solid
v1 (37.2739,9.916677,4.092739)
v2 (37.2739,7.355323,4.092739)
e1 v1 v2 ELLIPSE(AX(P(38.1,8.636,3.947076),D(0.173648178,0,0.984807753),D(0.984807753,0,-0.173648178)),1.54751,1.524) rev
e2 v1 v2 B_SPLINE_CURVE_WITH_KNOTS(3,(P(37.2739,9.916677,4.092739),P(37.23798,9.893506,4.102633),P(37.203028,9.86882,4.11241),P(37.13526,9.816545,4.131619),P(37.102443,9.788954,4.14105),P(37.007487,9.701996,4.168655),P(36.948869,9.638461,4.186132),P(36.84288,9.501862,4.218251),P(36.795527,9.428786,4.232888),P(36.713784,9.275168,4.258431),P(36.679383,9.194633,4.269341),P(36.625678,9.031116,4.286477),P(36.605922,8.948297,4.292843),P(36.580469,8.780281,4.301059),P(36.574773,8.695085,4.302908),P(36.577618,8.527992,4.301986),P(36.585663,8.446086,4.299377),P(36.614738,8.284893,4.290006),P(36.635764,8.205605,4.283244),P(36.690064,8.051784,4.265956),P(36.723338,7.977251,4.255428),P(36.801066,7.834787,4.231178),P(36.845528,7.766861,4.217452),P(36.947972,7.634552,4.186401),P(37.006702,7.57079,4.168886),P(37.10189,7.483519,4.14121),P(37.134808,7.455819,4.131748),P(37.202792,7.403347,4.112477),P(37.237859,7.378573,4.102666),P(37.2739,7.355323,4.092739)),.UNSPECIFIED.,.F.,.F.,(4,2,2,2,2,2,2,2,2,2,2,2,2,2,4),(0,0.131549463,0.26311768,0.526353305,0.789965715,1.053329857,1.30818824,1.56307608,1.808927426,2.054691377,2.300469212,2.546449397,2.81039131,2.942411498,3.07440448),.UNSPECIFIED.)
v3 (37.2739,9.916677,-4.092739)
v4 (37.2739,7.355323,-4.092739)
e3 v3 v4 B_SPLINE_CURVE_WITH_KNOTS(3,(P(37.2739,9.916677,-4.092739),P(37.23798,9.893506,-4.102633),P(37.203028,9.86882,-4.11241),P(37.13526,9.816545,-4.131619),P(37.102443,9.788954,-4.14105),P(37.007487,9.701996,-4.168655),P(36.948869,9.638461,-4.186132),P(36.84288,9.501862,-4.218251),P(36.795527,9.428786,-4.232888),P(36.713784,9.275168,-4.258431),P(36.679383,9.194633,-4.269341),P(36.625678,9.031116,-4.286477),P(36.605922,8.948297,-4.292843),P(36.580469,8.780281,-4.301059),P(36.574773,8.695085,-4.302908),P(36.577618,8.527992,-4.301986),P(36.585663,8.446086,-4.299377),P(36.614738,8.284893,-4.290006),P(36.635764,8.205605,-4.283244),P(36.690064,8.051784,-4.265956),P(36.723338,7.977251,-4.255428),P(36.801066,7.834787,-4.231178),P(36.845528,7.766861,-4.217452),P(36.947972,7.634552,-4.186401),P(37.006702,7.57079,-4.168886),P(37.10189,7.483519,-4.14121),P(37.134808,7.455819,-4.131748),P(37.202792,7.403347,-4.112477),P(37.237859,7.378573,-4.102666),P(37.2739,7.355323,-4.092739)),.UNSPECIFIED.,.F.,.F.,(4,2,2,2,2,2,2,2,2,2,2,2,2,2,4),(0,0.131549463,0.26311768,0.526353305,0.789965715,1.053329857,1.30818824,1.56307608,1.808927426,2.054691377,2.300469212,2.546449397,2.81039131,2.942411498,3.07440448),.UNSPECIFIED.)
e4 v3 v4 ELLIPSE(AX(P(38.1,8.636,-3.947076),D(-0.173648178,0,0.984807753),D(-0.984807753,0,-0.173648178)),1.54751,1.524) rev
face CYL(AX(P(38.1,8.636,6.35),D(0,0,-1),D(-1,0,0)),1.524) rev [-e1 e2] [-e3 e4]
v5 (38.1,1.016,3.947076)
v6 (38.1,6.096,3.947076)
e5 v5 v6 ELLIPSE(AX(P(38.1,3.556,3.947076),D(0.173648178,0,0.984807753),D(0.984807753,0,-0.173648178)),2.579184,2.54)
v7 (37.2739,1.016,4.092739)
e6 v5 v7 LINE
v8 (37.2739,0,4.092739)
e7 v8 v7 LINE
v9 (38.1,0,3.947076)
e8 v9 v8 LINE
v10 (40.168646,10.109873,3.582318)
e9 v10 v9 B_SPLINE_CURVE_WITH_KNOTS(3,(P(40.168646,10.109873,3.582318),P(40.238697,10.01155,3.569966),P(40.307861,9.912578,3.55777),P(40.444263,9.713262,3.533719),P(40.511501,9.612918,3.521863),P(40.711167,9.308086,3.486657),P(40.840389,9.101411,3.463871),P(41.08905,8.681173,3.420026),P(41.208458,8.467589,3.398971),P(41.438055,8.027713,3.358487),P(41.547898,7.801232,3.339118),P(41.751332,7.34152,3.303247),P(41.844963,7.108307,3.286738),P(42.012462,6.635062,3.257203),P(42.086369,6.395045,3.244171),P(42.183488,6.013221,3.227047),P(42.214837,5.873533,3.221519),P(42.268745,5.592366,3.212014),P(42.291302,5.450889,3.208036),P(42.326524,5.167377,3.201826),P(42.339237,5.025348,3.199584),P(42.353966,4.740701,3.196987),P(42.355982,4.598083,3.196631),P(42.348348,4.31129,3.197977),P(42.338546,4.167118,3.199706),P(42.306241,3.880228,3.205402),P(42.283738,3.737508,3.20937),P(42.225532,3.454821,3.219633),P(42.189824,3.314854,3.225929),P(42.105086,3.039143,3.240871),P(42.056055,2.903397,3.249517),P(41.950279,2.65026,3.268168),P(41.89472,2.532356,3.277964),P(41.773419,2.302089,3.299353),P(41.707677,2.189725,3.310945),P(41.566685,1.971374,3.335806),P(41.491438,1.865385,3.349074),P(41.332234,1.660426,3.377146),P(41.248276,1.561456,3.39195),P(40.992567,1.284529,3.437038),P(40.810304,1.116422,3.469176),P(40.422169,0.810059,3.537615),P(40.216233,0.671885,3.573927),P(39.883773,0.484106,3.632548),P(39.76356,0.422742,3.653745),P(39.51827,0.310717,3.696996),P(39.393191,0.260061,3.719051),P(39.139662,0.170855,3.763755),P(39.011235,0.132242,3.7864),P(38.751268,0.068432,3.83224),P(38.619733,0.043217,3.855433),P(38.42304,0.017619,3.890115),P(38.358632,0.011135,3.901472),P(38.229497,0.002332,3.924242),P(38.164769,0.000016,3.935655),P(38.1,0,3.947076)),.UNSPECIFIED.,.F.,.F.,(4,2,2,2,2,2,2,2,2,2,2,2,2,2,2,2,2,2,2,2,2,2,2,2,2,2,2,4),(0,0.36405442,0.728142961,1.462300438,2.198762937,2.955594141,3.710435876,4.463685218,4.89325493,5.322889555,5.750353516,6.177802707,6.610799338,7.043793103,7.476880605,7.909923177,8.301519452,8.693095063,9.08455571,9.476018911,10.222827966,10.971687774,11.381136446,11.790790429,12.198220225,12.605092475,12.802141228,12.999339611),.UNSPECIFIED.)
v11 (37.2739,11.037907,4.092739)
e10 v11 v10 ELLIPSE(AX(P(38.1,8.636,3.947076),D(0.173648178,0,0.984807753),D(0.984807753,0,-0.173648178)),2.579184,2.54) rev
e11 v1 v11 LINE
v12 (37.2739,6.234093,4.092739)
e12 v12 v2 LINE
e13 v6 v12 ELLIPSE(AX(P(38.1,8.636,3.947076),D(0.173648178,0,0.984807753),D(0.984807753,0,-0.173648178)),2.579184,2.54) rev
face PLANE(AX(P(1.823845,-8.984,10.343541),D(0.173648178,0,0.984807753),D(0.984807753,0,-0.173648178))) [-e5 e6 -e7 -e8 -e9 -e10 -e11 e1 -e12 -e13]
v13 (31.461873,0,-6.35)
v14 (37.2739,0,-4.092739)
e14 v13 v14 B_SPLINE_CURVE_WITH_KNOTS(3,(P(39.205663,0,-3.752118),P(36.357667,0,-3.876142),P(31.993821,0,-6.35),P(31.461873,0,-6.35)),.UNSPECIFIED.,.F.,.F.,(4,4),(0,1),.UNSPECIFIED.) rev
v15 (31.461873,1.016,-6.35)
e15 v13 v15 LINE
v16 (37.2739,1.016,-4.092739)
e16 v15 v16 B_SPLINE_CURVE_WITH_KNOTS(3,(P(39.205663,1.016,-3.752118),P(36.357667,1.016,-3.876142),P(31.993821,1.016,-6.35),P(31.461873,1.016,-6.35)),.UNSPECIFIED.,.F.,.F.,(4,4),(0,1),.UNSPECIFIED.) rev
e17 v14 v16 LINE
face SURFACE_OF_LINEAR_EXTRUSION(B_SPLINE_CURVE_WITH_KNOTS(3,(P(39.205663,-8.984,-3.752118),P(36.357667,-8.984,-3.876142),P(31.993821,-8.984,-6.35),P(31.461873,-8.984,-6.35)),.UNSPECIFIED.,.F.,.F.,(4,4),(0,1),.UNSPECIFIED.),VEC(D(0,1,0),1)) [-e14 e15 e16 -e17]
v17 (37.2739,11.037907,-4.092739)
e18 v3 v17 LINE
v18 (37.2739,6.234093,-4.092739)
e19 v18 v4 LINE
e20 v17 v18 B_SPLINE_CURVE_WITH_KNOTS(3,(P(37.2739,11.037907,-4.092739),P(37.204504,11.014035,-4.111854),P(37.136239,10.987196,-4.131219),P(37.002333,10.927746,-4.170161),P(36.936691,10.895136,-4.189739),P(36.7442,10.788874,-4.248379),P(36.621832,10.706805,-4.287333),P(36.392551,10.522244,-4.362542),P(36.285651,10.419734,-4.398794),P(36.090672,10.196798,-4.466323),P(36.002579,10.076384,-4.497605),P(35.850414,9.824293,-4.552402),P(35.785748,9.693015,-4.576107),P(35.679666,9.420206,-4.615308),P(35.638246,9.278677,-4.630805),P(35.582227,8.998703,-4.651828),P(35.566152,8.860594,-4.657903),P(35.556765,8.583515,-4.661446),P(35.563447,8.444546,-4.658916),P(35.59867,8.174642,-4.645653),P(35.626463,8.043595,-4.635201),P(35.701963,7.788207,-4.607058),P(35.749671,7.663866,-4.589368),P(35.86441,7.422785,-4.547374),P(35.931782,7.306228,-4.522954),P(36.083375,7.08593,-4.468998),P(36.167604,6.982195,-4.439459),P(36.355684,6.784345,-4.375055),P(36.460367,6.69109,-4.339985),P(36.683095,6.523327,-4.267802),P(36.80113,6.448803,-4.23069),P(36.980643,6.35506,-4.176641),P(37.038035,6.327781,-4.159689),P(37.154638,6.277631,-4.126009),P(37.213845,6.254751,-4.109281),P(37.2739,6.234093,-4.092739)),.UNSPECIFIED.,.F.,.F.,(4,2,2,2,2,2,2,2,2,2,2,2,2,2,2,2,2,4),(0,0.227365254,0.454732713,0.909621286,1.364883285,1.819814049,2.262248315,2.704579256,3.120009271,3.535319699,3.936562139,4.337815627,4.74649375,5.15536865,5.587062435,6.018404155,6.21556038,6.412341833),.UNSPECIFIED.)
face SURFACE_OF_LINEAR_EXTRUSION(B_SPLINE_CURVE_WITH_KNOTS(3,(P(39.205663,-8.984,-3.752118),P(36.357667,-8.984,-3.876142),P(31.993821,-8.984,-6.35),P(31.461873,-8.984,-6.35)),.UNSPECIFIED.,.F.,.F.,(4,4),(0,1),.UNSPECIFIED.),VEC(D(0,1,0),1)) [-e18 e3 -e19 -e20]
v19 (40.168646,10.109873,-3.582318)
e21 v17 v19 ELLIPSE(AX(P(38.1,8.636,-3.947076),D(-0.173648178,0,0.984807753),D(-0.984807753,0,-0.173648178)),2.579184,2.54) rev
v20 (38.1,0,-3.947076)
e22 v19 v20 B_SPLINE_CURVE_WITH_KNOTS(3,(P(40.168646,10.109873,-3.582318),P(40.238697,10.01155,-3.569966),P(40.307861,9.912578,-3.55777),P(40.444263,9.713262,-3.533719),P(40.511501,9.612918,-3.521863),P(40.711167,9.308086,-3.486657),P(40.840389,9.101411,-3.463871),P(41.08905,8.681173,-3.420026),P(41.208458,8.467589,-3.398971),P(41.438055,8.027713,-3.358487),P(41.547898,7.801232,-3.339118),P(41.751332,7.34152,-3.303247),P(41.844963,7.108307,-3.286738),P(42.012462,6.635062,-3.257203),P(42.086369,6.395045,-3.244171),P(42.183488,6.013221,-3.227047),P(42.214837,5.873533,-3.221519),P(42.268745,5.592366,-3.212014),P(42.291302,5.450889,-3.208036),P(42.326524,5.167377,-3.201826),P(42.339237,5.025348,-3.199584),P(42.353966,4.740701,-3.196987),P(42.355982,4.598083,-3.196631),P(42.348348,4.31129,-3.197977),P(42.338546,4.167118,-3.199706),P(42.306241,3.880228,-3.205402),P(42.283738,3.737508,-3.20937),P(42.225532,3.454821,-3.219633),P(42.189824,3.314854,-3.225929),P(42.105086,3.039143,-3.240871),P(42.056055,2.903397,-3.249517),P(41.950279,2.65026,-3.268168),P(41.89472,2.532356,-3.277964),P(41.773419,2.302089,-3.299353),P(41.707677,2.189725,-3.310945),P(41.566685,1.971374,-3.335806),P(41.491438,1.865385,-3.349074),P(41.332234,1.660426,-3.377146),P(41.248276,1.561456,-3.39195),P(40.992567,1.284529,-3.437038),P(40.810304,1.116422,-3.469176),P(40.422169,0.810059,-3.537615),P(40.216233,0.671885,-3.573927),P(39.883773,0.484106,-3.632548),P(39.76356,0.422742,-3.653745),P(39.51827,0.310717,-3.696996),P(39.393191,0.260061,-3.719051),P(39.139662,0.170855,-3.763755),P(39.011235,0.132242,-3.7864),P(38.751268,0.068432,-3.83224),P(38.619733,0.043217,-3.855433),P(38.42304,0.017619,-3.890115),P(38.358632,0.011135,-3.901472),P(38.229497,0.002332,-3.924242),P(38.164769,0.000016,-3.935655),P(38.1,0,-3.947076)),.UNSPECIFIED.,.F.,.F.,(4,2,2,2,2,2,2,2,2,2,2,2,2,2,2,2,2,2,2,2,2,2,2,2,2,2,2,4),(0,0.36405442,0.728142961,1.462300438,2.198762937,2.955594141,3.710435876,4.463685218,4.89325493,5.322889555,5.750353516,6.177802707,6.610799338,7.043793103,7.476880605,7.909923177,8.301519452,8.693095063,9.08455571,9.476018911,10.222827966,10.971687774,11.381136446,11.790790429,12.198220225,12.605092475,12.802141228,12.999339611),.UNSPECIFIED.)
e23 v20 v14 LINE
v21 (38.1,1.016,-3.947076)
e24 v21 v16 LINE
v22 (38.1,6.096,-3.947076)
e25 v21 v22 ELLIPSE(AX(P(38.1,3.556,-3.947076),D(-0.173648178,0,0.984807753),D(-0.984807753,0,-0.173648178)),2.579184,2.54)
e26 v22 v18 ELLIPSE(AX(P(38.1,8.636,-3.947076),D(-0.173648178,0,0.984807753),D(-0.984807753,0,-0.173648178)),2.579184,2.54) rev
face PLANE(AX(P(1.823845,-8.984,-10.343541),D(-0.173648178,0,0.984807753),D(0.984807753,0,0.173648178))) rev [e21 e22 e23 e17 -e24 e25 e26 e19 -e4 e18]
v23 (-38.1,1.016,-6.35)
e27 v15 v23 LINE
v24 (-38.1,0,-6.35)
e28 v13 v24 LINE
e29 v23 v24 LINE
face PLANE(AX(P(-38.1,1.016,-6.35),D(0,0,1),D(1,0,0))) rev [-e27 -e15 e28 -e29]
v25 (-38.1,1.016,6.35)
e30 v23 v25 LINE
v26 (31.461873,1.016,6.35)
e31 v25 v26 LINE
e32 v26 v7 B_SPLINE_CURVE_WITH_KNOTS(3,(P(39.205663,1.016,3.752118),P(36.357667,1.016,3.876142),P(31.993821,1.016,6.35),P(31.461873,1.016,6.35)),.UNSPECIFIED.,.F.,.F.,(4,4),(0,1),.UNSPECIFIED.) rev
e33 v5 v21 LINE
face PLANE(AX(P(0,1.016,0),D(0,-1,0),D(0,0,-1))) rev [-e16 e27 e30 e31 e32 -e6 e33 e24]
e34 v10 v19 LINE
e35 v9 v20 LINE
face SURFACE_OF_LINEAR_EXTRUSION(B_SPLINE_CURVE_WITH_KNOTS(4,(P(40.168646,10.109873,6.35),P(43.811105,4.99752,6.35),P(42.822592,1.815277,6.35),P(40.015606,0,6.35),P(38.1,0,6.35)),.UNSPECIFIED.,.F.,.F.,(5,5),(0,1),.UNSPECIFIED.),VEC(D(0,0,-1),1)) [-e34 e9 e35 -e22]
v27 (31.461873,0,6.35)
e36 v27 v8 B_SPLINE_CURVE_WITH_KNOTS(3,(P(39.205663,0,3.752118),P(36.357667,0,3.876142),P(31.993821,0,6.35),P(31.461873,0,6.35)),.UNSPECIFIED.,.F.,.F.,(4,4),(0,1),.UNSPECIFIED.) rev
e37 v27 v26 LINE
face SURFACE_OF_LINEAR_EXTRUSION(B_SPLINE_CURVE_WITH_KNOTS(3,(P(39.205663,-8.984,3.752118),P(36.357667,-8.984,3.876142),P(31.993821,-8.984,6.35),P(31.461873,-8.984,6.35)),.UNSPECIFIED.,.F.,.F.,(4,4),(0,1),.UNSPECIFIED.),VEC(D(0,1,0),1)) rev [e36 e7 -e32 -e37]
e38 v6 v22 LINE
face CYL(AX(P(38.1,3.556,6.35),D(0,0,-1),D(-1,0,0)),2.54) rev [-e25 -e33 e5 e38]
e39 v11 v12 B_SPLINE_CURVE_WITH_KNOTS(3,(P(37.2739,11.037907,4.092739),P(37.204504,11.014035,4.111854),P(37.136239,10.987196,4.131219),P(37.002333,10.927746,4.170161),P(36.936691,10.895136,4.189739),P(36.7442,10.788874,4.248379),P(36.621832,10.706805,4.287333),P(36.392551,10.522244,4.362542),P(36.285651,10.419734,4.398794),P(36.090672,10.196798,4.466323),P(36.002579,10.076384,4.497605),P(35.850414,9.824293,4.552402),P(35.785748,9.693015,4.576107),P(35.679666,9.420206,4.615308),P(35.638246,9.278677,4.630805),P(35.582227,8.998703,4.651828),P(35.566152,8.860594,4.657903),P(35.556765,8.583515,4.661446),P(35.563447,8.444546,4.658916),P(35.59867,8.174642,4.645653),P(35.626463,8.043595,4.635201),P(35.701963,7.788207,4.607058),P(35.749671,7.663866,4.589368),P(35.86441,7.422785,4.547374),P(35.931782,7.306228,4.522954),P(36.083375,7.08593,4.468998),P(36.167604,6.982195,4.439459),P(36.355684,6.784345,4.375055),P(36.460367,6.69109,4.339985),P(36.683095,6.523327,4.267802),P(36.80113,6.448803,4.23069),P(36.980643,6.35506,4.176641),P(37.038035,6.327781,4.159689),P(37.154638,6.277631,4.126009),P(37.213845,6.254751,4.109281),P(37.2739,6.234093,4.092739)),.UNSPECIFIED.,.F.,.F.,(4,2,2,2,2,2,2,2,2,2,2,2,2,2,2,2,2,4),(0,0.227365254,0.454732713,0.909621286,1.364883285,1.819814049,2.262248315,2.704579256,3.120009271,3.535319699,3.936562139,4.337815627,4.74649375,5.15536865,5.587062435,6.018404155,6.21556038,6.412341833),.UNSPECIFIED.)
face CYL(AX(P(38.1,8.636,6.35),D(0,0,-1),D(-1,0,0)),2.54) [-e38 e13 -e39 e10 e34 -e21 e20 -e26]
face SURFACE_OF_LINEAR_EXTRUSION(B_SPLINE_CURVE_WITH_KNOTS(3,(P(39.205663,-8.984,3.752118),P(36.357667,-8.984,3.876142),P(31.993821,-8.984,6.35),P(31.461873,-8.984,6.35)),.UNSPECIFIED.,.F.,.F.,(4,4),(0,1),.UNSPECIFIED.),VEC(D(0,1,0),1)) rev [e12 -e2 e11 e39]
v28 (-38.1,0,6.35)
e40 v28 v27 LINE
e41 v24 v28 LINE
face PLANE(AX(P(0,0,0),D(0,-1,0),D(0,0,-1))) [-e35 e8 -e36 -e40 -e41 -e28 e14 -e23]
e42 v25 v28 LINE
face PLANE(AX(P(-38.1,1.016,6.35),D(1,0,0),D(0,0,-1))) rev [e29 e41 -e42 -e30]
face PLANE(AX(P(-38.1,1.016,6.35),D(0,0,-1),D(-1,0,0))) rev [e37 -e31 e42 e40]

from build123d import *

# Parameters (mm, degrees)
SKETCH1_W               = 76.2
SKETCH1_H               = 12.7
BOSS_EXTRUDE1_DEPTH     = 1.016
SKETCH2_R               = 1.524
BOSS_EXTRUDE2_DEPTH     = 12.7
CUT_EXTRUDE1_DEPTH      = 10
CUT_EXTRUDE1_DEPTH_BACK = 11.1600001


with BuildPart() as part:
    # Sketch1 → Boss-Extrude1 (new body)
    with BuildSketch(Plane(origin=(0, 0, 0), x_dir=(1, 0, 0), z_dir=(0, 1, 0))):
        Rectangle(SKETCH1_W, SKETCH1_H)
    extrude(amount=BOSS_EXTRUDE1_DEPTH)

    # Sketch2 → Boss-Extrude2 (add, through all)
    with BuildSketch(Plane(origin=(0, 0, -6.35), x_dir=(-1, 0, 0), z_dir=(0, 0, -1))):
        with BuildLine():
            Line((38.1, 1.016), (38.1, 0))
            Line((38.1, 0), (-38.1, 0))
            add(Edge.make_bspline(
                [(-38.1, 0), (-40.015605578, 0), (-42.822592097, 1.815276702), (-43.811105253, 4.997519765), (-40.168646494, 10.109873022)],
                knots=[0, 0, 0, 0, 0, 1, 1, 1, 1, 1], degree=4))
            ThreePointArc((-40.168646494, 10.109873022), (-35.842209324, 9.799607005), (-38.1, 6.096))
            ThreePointArc((-38.1, 6.096), (-40.64, 3.556), (-38.1, 1.016))
            Line((-38.1, 1.016), (38.1, 1.016))
        make_face()
        with Locations((-38.1, 8.636)):
            Circle(SKETCH2_R, mode=Mode.SUBTRACT)
    extrude(amount=-BOSS_EXTRUDE2_DEPTH)

    # Sketch3 → Cut-Extrude1 (cut, two sides)
    with BuildSketch(Plane.XZ.offset(-1.016)) as cut_extrude1_sk:
        with BuildLine():
            Line((38.1, -6.35), (38.1, -3.947075763))
            Line((38.1, -3.947075763), (37.273899924, -4.092739495))
            add(Edge.make_bspline(
                [(37.273899924, -4.092739495), (34.703704114, -4.800647246), (31.882848561, -6.35), (31.461872823, -6.35)],
                knots=[0.208615082, 0.208615082, 0.208615082, 0.208615082, 1, 1, 1, 1], degree=3))
            Line((31.461872823, -6.35), (38.1, -6.35))
        make_face()
        Polygon((42.354063476, -3.196969595), (39.205663033, -3.752117539), (38.1, -3.947075763), (38.1, -6.35), (42.354063476, -6.35), align=None)
        Polygon((38.1, 3.947075763), (39.205663033, 3.752117539), (42.354063476, 3.196969595), (42.354063476, 6.35), (38.1, 6.35), align=None)
        with BuildLine():
            Line((37.273899924, 4.092739495), (38.1, 3.947075763))
            Line((38.1, 3.947075763), (38.1, 6.35))
            Line((38.1, 6.35), (31.461872823, 6.35))
            add(Edge.make_bspline(
                [(37.273899924, 4.092739495), (34.703704114, 4.800647246), (31.882848561, 6.35), (31.461872823, 6.35)],
                knots=[0.208615082, 0.208615082, 0.208615082, 0.208615082, 1, 1, 1, 1], degree=3))
        make_face()
    extrude(amount=CUT_EXTRUDE1_DEPTH, mode=Mode.SUBTRACT)
    extrude(cut_extrude1_sk.sketch, amount=-CUT_EXTRUDE1_DEPTH_BACK, mode=Mode.SUBTRACT)


solid = part.part
